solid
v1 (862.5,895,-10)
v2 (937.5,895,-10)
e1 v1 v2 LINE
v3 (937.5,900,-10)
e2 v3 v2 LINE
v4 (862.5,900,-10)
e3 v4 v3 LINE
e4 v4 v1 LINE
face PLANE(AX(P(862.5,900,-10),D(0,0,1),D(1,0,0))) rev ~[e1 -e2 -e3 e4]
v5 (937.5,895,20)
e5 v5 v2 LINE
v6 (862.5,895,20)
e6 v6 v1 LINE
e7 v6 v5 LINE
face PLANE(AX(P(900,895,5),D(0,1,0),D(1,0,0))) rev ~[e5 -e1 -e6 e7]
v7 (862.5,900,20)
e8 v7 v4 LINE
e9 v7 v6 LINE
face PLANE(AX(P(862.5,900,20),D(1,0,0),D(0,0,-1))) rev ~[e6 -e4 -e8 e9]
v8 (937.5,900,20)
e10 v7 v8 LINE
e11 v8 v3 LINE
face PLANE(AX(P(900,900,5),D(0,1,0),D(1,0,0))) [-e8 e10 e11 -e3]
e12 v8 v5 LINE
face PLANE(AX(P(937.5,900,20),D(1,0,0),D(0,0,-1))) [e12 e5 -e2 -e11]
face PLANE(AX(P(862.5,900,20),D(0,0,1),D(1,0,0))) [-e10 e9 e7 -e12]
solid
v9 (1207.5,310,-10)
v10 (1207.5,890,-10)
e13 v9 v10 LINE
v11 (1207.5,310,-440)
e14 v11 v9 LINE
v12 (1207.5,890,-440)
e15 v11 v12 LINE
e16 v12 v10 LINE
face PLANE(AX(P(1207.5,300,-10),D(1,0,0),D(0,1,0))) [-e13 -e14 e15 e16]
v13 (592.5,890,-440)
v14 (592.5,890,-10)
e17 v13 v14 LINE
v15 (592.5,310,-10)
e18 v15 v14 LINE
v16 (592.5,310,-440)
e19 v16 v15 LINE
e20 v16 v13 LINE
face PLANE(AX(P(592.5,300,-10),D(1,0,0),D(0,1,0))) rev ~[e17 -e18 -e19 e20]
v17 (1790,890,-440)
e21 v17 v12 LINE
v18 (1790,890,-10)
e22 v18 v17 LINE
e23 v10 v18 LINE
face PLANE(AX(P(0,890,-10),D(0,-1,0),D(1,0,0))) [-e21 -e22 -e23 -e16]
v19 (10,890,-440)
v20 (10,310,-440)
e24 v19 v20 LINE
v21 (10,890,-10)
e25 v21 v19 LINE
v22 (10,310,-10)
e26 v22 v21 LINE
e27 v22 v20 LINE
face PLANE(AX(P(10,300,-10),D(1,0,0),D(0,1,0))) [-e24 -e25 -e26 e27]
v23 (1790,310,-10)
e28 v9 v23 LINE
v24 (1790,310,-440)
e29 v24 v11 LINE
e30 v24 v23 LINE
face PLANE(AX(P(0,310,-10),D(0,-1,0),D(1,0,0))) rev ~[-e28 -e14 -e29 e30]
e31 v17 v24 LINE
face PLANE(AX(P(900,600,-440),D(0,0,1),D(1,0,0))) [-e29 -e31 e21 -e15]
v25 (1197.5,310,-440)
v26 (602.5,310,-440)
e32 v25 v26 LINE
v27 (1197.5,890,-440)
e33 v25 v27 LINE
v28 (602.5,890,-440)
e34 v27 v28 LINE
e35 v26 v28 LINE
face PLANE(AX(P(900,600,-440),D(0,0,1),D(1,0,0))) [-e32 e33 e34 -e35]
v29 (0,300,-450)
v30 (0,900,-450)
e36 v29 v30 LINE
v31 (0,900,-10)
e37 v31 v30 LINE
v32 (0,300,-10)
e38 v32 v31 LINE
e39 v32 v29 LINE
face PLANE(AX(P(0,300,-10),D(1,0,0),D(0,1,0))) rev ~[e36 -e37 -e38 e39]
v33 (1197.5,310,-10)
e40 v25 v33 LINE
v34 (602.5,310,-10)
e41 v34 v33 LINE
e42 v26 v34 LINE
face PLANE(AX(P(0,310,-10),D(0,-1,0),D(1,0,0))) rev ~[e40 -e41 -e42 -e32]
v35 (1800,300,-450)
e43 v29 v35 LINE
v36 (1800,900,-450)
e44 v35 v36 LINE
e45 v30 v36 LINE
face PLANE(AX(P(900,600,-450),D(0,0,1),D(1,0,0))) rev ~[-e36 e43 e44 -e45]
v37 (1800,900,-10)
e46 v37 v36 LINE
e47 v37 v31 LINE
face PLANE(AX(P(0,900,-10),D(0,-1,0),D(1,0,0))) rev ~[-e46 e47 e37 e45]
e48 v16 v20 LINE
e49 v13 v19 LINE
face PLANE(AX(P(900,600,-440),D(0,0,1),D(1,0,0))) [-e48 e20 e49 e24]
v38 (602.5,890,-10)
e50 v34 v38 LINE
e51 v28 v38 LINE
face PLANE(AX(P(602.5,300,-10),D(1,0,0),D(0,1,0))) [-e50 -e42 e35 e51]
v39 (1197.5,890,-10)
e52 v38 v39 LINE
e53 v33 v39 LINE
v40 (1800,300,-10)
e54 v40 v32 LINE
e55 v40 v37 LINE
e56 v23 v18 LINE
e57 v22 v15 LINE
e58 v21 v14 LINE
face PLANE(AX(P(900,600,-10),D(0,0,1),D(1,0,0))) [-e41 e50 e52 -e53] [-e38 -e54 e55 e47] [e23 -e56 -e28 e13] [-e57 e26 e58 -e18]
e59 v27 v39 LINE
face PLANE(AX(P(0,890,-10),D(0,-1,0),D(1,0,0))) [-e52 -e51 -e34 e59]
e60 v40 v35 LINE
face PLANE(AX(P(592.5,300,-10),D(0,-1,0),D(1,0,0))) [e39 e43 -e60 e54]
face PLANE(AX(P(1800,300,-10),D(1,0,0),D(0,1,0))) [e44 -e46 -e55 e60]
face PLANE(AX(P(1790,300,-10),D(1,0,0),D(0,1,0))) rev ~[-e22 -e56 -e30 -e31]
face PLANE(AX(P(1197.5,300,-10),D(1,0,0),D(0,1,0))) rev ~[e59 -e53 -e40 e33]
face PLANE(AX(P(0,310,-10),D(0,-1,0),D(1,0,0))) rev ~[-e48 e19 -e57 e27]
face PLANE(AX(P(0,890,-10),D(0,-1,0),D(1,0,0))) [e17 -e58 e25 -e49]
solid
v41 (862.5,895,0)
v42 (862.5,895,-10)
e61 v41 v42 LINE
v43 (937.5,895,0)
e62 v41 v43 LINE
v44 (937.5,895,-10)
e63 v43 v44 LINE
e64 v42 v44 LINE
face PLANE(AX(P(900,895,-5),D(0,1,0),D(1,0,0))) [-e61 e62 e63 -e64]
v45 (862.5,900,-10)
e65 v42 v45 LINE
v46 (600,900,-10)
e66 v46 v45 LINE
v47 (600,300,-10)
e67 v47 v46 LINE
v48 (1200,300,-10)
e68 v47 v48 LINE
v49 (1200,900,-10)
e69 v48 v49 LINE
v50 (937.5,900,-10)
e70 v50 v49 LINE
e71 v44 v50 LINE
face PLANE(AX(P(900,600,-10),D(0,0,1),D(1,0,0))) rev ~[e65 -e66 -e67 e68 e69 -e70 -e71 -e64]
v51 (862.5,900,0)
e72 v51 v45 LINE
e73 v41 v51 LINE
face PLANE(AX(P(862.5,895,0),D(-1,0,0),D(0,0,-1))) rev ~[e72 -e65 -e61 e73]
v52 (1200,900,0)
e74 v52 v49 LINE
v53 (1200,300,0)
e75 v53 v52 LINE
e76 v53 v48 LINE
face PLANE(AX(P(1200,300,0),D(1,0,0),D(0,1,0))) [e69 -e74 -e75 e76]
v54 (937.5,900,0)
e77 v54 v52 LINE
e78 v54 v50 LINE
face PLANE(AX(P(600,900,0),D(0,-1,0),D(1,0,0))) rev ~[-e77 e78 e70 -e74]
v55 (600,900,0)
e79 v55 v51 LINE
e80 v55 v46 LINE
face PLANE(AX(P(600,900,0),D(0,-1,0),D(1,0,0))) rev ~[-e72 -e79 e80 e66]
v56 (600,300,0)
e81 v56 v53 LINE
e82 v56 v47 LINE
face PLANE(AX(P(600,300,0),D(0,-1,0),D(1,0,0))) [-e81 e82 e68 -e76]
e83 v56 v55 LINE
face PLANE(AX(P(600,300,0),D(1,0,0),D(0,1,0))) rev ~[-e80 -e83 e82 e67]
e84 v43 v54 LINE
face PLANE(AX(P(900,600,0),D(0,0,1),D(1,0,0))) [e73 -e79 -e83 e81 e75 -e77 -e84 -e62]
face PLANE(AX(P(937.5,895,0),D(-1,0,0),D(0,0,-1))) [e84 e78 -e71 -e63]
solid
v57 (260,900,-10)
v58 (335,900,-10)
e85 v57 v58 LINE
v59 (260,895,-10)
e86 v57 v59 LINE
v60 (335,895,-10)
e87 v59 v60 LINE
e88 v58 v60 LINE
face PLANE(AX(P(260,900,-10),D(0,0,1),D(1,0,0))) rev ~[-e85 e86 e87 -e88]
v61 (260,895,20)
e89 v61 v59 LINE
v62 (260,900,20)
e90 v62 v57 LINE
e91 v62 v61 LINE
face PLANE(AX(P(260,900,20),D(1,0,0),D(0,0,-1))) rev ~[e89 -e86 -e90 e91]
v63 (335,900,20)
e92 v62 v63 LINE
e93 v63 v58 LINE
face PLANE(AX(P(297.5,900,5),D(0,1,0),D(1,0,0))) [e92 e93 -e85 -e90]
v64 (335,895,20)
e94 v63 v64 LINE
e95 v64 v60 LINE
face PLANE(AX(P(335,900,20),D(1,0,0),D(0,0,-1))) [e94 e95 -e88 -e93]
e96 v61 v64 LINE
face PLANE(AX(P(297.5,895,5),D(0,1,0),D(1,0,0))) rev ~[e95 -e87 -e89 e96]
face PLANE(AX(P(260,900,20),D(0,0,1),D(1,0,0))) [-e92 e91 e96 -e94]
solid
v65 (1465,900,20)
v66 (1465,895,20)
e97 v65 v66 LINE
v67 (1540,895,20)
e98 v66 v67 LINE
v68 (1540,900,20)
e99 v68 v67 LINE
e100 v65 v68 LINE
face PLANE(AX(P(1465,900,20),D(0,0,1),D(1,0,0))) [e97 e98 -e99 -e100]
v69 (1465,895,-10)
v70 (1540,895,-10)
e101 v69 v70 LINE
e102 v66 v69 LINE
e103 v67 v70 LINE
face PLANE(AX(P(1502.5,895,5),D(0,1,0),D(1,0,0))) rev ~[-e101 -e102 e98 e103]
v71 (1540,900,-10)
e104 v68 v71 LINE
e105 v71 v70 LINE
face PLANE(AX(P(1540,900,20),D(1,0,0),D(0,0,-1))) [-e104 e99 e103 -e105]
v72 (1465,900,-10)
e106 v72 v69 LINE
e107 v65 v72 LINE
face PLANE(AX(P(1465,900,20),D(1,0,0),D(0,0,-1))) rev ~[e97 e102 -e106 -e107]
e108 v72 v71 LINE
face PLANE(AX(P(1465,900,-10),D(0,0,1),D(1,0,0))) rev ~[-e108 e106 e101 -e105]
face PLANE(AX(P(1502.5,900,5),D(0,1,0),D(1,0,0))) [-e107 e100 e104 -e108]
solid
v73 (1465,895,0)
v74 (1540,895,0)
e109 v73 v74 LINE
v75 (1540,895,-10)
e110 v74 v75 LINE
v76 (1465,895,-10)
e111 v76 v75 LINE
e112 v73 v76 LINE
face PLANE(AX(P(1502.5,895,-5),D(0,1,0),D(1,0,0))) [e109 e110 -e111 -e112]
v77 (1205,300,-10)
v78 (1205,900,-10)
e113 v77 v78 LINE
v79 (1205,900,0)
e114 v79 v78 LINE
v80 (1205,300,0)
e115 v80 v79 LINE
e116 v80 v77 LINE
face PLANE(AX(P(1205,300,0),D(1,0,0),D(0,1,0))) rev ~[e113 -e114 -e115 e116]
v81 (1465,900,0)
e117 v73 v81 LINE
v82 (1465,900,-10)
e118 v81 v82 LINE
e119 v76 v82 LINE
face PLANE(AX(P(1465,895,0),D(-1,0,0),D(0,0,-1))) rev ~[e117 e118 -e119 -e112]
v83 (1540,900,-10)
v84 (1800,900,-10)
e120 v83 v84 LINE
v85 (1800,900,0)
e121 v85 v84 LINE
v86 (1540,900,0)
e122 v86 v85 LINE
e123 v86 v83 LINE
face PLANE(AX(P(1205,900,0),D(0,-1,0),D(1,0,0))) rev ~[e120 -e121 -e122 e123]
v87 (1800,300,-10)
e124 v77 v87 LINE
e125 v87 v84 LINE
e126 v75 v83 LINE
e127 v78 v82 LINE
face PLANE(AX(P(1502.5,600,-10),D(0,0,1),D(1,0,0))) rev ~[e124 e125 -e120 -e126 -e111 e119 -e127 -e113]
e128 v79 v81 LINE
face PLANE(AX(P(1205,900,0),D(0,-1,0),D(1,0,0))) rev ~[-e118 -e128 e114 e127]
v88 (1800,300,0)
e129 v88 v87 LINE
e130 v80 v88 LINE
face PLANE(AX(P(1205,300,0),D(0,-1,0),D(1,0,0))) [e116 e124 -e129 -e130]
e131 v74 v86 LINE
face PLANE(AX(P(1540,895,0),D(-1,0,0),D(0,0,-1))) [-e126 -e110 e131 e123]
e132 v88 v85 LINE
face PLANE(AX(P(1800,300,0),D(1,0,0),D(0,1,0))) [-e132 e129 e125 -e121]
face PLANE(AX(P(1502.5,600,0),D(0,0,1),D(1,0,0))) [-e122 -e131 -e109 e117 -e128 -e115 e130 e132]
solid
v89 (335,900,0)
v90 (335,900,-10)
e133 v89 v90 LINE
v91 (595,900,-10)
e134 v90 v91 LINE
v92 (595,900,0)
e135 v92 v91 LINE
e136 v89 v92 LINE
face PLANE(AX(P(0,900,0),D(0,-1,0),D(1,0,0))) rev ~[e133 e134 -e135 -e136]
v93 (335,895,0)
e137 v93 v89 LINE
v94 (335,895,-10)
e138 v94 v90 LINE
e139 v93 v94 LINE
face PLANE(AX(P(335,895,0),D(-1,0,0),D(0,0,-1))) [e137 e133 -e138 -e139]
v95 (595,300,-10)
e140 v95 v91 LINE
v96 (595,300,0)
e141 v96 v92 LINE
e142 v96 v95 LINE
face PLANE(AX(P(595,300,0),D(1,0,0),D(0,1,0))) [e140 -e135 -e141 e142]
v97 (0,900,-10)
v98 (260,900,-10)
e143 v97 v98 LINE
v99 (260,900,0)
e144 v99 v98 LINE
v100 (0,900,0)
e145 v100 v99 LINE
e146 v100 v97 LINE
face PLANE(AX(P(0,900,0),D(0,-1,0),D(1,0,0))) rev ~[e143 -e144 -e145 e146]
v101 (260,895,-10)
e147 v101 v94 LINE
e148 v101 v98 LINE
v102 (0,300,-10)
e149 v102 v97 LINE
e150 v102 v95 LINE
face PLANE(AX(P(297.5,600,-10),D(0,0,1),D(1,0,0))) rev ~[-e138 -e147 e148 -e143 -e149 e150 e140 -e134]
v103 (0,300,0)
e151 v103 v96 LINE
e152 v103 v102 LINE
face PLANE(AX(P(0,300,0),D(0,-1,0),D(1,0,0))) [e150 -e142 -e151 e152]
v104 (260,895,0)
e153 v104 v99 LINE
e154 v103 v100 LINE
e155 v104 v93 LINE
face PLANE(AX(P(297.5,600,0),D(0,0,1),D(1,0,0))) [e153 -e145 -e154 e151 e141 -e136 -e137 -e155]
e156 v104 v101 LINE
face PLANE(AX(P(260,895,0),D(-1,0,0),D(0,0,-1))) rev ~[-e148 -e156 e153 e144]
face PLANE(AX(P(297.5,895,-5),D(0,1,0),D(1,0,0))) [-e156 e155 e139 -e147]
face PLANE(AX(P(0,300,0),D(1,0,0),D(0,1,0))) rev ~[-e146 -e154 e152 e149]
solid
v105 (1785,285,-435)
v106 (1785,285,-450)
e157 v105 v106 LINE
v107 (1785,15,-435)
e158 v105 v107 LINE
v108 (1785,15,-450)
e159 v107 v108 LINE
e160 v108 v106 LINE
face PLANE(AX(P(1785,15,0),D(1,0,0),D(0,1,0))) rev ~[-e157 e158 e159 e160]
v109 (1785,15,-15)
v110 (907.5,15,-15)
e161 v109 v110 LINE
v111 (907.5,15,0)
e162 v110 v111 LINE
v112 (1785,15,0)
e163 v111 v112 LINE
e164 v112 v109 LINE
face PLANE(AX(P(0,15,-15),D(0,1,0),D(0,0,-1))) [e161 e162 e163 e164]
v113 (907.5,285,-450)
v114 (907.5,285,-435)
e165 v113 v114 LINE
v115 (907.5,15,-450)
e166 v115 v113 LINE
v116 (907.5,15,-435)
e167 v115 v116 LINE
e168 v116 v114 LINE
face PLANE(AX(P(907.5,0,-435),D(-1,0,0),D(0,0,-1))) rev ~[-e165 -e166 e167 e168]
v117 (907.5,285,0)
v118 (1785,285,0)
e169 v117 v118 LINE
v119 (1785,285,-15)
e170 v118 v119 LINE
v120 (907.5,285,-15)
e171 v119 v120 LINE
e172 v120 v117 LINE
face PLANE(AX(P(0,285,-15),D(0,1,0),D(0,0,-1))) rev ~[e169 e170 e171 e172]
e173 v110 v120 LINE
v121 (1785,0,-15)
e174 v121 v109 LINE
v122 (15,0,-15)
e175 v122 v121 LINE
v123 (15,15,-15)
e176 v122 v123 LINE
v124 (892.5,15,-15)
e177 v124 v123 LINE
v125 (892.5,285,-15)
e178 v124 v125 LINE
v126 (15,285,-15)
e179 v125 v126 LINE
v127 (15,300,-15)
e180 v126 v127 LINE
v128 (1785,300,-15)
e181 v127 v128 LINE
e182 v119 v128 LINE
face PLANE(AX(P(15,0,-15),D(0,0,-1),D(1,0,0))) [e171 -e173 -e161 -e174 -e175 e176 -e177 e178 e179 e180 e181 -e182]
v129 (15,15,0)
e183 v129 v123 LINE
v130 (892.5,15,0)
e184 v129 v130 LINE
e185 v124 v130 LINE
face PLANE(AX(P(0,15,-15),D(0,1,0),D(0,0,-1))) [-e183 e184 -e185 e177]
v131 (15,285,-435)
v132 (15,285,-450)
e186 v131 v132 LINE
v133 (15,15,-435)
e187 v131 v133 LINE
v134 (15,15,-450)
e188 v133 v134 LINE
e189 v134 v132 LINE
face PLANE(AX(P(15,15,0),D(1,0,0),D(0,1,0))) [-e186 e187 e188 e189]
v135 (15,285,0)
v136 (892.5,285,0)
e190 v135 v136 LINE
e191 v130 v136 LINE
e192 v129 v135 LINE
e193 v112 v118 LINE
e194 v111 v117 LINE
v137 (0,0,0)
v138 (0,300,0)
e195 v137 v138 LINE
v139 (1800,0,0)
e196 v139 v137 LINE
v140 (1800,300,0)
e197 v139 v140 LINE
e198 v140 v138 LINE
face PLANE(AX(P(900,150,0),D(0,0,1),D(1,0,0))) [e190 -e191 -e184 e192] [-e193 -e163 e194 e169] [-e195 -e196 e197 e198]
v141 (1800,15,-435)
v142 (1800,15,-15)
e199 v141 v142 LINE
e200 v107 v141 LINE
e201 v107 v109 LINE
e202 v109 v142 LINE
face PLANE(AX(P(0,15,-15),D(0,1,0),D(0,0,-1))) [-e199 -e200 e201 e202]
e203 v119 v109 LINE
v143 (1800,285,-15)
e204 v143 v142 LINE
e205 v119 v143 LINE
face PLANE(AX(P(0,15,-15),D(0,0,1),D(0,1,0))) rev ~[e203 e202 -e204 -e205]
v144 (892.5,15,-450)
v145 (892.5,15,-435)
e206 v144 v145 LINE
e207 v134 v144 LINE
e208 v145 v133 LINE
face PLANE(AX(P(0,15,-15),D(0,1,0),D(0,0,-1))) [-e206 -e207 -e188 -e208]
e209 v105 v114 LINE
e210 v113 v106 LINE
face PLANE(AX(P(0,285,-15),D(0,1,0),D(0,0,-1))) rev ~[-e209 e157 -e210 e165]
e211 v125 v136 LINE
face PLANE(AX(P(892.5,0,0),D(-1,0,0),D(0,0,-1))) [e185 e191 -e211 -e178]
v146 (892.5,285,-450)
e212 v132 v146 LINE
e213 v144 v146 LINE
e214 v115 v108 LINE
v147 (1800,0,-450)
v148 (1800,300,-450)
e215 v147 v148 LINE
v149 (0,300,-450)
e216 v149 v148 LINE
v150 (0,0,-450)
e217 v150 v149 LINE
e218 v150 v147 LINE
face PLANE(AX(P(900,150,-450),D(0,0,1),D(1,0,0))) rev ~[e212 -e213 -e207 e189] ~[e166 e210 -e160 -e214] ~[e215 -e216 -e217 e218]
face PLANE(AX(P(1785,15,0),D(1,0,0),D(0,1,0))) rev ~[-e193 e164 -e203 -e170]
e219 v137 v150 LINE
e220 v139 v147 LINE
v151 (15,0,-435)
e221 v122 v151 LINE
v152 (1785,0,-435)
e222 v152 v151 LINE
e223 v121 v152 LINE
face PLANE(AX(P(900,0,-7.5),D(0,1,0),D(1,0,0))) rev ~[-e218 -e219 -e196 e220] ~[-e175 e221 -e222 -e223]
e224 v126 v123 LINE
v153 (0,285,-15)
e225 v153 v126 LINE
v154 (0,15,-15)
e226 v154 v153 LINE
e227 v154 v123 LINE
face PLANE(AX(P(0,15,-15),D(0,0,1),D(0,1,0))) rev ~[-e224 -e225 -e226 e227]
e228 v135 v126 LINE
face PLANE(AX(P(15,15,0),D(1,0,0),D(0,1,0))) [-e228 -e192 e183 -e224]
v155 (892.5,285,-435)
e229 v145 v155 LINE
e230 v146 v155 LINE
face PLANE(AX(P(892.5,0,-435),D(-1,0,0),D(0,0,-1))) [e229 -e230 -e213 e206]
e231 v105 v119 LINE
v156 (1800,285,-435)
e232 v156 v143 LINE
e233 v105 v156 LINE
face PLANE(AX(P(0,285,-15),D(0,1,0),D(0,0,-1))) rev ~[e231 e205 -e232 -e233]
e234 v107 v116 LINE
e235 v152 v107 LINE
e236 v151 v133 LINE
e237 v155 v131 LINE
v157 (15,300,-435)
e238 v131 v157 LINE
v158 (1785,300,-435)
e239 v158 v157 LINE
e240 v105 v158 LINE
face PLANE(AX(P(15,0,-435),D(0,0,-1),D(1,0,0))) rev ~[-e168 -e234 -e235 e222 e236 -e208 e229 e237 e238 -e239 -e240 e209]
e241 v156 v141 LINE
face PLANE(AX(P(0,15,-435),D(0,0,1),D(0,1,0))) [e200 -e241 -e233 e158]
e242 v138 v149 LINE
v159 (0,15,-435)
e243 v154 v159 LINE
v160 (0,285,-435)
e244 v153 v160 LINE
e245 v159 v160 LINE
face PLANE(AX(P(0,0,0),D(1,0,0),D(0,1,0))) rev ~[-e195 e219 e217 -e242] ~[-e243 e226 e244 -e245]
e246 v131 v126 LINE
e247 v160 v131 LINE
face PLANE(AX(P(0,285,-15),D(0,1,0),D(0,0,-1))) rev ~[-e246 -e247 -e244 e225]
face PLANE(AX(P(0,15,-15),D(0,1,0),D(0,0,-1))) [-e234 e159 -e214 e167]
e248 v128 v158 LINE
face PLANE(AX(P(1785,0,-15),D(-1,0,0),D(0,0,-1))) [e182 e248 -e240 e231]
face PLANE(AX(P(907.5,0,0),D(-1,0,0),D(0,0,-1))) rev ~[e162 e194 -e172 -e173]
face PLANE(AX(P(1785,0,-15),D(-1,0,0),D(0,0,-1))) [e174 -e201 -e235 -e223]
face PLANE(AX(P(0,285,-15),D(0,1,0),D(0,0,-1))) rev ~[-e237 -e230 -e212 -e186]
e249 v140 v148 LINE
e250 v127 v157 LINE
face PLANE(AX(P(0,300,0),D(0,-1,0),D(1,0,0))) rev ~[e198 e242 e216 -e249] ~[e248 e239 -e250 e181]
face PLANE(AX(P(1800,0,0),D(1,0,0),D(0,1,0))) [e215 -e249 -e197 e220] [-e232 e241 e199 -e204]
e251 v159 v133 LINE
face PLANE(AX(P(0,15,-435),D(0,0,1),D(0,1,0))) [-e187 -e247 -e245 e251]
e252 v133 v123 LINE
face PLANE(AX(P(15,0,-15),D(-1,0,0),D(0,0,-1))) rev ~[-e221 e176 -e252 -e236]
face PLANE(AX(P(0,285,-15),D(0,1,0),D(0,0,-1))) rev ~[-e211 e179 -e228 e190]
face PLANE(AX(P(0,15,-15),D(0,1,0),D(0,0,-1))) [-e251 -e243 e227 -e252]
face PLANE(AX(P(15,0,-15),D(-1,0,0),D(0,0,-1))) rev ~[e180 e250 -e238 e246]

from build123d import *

# Parameters (mm, degrees)
CROQUIS1_W                = 1800
CROQUIS1_H                = 300
CROQUIS1_W_2              = 1770
CROQUIS1_H_2              = 270
SALIENTE_EXTRUIR1_DEPTH   = 450
CROQUIS2_W                = 420
CROQUIS2_H                = 270
CORTAR_EXTRUIR1_DEPTH     = 1900
CROQUIS3_W                = 1770
CROQUIS3_H                = 420
CORTAR_EXTRUIR2_DEPTH     = 400
SALIENTE_EXTRUIR2_START   = -10
CROQUIS4_W                = 1800
CROQUIS4_H                = 600
SALIENTE_EXTRUIR2_DEPTH   = 440
VACIADO1_T                = -10
CROQUIS5_W                = 595
CROQUIS5_H                = 600
SALIENTE_EXTRUIR3_DEPTH   = 10
CROQUIS5_W_2              = 600
SALIENTE_EXTRUIR3_2_DEPTH = 10
SALIENTE_EXTRUIR3_3_DEPTH = 10
CROQUIS6_W                = 15
CROQUIS6_H                = 15
SALIENTE_EXTRUIR4_DEPTH   = 300
SALIENTE_EXTRUIR5_START   = -10
CROQUIS7_W                = 10
CROQUIS7_H                = 600
SALIENTE_EXTRUIR5_DEPTH   = 430
CORTAR_EXTRUIR3_START     = 895
CROQUIS8_W                = 75
CROQUIS8_H                = 10
CORTAR_EXTRUIR3_DEPTH     = 5
SALIENTE_EXTRUIR6_START   = 900
CROQUIS9_W                = 75
CROQUIS9_H                = 30
SALIENTE_EXTRUIR6_DEPTH   = 5
SALIENTE_EXTRUIR6_2_DEPTH = 5
SALIENTE_EXTRUIR6_3_DEPTH = 5


with BuildPart() as part:
    # Croquis1 → Saliente-Extruir1 (new body)
    with BuildSketch(Plane.XY):
        with Locations((900, 150)):
            Rectangle(CROQUIS1_W, CROQUIS1_H)
        with Locations((900, 150)):
            Rectangle(CROQUIS1_W_2, CROQUIS1_H_2, mode=Mode.SUBTRACT)
    extrude(amount=-SALIENTE_EXTRUIR1_DEPTH)

    # Croquis2 → Cortar-Extruir1 (cut)
    with BuildSketch(Plane(origin=(0, 0, 0), x_dir=(0, 0, -1), z_dir=(1, 0, 0))):
        with Locations((225, 150)):
            Rectangle(CROQUIS2_W, CROQUIS2_H)
    extrude(amount=CORTAR_EXTRUIR1_DEPTH, mode=Mode.SUBTRACT)

    # Croquis3 → Cortar-Extruir2 (cut)
    with BuildSketch(Plane(origin=(0, 0, 0), x_dir=(1, 0, 0), z_dir=(0, 1, 0))):
        with Locations((900, 225)):
            Rectangle(CROQUIS3_W, CROQUIS3_H)
    extrude(amount=CORTAR_EXTRUIR2_DEPTH, mode=Mode.SUBTRACT)

    # Croquis6 → Saliente-Extruir4 (add)
    with BuildSketch(Plane(origin=(0, 0, 0), x_dir=(1, 0, 0), z_dir=(0, 1, 0))):
        with Locations((900, 7.5)):
            Rectangle(CROQUIS6_W, CROQUIS6_H)
        with Locations((900, 442.5)):
            Rectangle(CROQUIS6_W, CROQUIS6_H)
    extrude(amount=SALIENTE_EXTRUIR4_DEPTH)


with BuildPart() as body_2:
    # Croquis4 → Saliente-Extruir2 (new body)
    with BuildSketch(Plane.XY.offset(SALIENTE_EXTRUIR2_START)):
        with Locations((900, 600)):
            Rectangle(CROQUIS4_W, CROQUIS4_H)
    extrude(amount=-SALIENTE_EXTRUIR2_DEPTH)

    # Vaciado1
    vaciado1_openings = [body_2.faces().sort_by_distance(p)[0] for p in [
        (900, 600, -10),
    ]]
    offset(amount=VACIADO1_T, openings=vaciado1_openings, kind=Kind.INTERSECTION)

    # Croquis7 → Saliente-Extruir5 (add)
    with BuildSketch(Plane.XY.offset(SALIENTE_EXTRUIR5_START)):
        with Locations((597.5, 600)):
            Rectangle(CROQUIS7_W, CROQUIS7_H)
        with Locations((1202.5, 600)):
            Rectangle(CROQUIS7_W, CROQUIS7_H)
    extrude(amount=-SALIENTE_EXTRUIR5_DEPTH)


with BuildPart() as body_3:
    # Croquis5 → Saliente-Extruir3 (new body)
    with BuildSketch(Plane.XY):
        with Locations((297.5, 600)):
            Rectangle(CROQUIS5_W, CROQUIS5_H)
    extrude(amount=-SALIENTE_EXTRUIR3_DEPTH)


with BuildPart() as body_4:
    # Croquis5 → Saliente-Extruir3 2 (new body)
    with BuildSketch(Plane.XY):
        with Locations((900, 600)):
            Rectangle(CROQUIS5_W_2, CROQUIS5_H)
    extrude(amount=-SALIENTE_EXTRUIR3_2_DEPTH)


with BuildPart() as body_5:
    # Croquis5 → Saliente-Extruir3 3 (new body)
    with BuildSketch(Plane.XY):
        with Locations((1502.5, 600)):
            Rectangle(CROQUIS5_W, CROQUIS5_H)
    extrude(amount=-SALIENTE_EXTRUIR3_3_DEPTH)


with BuildPart() as cortar_extruir3_tool:
    # Croquis8 → Cortar-Extruir3 (new body)
    with BuildSketch(Plane(origin=(0, 0, 0), x_dir=(1, 0, 0), z_dir=(0, 1, 0)).offset(CORTAR_EXTRUIR3_START)):
        with Locations((297.5, 5)):
            Rectangle(CROQUIS8_W, CROQUIS8_H)
        with Locations((900, 5)):
            Rectangle(CROQUIS8_W, CROQUIS8_H)
        with Locations((1502.5, 5)):
            Rectangle(CROQUIS8_W, CROQUIS8_H)
    extrude(amount=CORTAR_EXTRUIR3_DEPTH)


with BuildPart() as body_3_1:
    add(body_3.part)

    # Cortar-Extruir3: cut by cortar_extruir3_tool
    add(cortar_extruir3_tool.part, mode=Mode.SUBTRACT)


with BuildPart() as body_4_1:
    add(body_4.part)

    # Cortar-Extruir3: cut by cortar_extruir3_tool
    add(cortar_extruir3_tool.part, mode=Mode.SUBTRACT)


with BuildPart() as body_5_1:
    add(body_5.part)

    # Cortar-Extruir3: cut by cortar_extruir3_tool
    add(cortar_extruir3_tool.part, mode=Mode.SUBTRACT)


with BuildPart() as body_6:
    # Croquis9 → Saliente-Extruir6 (new body)
    with BuildSketch(Plane(origin=(0, 0, 0), x_dir=(1, 0, 0), z_dir=(0, 1, 0)).offset(SALIENTE_EXTRUIR6_START)):
        with Locations((297.5, -5)):
            Rectangle(CROQUIS9_W, CROQUIS9_H)
    extrude(amount=-SALIENTE_EXTRUIR6_DEPTH)


with BuildPart() as body_7:
    # Croquis9 → Saliente-Extruir6 2 (new body)
    with BuildSketch(Plane(origin=(0, 0, 0), x_dir=(1, 0, 0), z_dir=(0, 1, 0)).offset(SALIENTE_EXTRUIR6_START)):
        with Locations((900, -5)):
            Rectangle(CROQUIS9_W, CROQUIS9_H)
    extrude(amount=-SALIENTE_EXTRUIR6_2_DEPTH)


with BuildPart() as body_8:
    # Croquis9 → Saliente-Extruir6 3 (new body)
    with BuildSketch(Plane(origin=(0, 0, 0), x_dir=(1, 0, 0), z_dir=(0, 1, 0)).offset(SALIENTE_EXTRUIR6_START)):
        with Locations((1502.5, -5)):
            Rectangle(CROQUIS9_W, CROQUIS9_H)
    extrude(amount=-SALIENTE_EXTRUIR6_3_DEPTH)


solid = Compound([part.part, body_2.part, body_3_1.part, body_4_1.part, body_5_1.part, body_6.part, body_7.part, body_8.part])
